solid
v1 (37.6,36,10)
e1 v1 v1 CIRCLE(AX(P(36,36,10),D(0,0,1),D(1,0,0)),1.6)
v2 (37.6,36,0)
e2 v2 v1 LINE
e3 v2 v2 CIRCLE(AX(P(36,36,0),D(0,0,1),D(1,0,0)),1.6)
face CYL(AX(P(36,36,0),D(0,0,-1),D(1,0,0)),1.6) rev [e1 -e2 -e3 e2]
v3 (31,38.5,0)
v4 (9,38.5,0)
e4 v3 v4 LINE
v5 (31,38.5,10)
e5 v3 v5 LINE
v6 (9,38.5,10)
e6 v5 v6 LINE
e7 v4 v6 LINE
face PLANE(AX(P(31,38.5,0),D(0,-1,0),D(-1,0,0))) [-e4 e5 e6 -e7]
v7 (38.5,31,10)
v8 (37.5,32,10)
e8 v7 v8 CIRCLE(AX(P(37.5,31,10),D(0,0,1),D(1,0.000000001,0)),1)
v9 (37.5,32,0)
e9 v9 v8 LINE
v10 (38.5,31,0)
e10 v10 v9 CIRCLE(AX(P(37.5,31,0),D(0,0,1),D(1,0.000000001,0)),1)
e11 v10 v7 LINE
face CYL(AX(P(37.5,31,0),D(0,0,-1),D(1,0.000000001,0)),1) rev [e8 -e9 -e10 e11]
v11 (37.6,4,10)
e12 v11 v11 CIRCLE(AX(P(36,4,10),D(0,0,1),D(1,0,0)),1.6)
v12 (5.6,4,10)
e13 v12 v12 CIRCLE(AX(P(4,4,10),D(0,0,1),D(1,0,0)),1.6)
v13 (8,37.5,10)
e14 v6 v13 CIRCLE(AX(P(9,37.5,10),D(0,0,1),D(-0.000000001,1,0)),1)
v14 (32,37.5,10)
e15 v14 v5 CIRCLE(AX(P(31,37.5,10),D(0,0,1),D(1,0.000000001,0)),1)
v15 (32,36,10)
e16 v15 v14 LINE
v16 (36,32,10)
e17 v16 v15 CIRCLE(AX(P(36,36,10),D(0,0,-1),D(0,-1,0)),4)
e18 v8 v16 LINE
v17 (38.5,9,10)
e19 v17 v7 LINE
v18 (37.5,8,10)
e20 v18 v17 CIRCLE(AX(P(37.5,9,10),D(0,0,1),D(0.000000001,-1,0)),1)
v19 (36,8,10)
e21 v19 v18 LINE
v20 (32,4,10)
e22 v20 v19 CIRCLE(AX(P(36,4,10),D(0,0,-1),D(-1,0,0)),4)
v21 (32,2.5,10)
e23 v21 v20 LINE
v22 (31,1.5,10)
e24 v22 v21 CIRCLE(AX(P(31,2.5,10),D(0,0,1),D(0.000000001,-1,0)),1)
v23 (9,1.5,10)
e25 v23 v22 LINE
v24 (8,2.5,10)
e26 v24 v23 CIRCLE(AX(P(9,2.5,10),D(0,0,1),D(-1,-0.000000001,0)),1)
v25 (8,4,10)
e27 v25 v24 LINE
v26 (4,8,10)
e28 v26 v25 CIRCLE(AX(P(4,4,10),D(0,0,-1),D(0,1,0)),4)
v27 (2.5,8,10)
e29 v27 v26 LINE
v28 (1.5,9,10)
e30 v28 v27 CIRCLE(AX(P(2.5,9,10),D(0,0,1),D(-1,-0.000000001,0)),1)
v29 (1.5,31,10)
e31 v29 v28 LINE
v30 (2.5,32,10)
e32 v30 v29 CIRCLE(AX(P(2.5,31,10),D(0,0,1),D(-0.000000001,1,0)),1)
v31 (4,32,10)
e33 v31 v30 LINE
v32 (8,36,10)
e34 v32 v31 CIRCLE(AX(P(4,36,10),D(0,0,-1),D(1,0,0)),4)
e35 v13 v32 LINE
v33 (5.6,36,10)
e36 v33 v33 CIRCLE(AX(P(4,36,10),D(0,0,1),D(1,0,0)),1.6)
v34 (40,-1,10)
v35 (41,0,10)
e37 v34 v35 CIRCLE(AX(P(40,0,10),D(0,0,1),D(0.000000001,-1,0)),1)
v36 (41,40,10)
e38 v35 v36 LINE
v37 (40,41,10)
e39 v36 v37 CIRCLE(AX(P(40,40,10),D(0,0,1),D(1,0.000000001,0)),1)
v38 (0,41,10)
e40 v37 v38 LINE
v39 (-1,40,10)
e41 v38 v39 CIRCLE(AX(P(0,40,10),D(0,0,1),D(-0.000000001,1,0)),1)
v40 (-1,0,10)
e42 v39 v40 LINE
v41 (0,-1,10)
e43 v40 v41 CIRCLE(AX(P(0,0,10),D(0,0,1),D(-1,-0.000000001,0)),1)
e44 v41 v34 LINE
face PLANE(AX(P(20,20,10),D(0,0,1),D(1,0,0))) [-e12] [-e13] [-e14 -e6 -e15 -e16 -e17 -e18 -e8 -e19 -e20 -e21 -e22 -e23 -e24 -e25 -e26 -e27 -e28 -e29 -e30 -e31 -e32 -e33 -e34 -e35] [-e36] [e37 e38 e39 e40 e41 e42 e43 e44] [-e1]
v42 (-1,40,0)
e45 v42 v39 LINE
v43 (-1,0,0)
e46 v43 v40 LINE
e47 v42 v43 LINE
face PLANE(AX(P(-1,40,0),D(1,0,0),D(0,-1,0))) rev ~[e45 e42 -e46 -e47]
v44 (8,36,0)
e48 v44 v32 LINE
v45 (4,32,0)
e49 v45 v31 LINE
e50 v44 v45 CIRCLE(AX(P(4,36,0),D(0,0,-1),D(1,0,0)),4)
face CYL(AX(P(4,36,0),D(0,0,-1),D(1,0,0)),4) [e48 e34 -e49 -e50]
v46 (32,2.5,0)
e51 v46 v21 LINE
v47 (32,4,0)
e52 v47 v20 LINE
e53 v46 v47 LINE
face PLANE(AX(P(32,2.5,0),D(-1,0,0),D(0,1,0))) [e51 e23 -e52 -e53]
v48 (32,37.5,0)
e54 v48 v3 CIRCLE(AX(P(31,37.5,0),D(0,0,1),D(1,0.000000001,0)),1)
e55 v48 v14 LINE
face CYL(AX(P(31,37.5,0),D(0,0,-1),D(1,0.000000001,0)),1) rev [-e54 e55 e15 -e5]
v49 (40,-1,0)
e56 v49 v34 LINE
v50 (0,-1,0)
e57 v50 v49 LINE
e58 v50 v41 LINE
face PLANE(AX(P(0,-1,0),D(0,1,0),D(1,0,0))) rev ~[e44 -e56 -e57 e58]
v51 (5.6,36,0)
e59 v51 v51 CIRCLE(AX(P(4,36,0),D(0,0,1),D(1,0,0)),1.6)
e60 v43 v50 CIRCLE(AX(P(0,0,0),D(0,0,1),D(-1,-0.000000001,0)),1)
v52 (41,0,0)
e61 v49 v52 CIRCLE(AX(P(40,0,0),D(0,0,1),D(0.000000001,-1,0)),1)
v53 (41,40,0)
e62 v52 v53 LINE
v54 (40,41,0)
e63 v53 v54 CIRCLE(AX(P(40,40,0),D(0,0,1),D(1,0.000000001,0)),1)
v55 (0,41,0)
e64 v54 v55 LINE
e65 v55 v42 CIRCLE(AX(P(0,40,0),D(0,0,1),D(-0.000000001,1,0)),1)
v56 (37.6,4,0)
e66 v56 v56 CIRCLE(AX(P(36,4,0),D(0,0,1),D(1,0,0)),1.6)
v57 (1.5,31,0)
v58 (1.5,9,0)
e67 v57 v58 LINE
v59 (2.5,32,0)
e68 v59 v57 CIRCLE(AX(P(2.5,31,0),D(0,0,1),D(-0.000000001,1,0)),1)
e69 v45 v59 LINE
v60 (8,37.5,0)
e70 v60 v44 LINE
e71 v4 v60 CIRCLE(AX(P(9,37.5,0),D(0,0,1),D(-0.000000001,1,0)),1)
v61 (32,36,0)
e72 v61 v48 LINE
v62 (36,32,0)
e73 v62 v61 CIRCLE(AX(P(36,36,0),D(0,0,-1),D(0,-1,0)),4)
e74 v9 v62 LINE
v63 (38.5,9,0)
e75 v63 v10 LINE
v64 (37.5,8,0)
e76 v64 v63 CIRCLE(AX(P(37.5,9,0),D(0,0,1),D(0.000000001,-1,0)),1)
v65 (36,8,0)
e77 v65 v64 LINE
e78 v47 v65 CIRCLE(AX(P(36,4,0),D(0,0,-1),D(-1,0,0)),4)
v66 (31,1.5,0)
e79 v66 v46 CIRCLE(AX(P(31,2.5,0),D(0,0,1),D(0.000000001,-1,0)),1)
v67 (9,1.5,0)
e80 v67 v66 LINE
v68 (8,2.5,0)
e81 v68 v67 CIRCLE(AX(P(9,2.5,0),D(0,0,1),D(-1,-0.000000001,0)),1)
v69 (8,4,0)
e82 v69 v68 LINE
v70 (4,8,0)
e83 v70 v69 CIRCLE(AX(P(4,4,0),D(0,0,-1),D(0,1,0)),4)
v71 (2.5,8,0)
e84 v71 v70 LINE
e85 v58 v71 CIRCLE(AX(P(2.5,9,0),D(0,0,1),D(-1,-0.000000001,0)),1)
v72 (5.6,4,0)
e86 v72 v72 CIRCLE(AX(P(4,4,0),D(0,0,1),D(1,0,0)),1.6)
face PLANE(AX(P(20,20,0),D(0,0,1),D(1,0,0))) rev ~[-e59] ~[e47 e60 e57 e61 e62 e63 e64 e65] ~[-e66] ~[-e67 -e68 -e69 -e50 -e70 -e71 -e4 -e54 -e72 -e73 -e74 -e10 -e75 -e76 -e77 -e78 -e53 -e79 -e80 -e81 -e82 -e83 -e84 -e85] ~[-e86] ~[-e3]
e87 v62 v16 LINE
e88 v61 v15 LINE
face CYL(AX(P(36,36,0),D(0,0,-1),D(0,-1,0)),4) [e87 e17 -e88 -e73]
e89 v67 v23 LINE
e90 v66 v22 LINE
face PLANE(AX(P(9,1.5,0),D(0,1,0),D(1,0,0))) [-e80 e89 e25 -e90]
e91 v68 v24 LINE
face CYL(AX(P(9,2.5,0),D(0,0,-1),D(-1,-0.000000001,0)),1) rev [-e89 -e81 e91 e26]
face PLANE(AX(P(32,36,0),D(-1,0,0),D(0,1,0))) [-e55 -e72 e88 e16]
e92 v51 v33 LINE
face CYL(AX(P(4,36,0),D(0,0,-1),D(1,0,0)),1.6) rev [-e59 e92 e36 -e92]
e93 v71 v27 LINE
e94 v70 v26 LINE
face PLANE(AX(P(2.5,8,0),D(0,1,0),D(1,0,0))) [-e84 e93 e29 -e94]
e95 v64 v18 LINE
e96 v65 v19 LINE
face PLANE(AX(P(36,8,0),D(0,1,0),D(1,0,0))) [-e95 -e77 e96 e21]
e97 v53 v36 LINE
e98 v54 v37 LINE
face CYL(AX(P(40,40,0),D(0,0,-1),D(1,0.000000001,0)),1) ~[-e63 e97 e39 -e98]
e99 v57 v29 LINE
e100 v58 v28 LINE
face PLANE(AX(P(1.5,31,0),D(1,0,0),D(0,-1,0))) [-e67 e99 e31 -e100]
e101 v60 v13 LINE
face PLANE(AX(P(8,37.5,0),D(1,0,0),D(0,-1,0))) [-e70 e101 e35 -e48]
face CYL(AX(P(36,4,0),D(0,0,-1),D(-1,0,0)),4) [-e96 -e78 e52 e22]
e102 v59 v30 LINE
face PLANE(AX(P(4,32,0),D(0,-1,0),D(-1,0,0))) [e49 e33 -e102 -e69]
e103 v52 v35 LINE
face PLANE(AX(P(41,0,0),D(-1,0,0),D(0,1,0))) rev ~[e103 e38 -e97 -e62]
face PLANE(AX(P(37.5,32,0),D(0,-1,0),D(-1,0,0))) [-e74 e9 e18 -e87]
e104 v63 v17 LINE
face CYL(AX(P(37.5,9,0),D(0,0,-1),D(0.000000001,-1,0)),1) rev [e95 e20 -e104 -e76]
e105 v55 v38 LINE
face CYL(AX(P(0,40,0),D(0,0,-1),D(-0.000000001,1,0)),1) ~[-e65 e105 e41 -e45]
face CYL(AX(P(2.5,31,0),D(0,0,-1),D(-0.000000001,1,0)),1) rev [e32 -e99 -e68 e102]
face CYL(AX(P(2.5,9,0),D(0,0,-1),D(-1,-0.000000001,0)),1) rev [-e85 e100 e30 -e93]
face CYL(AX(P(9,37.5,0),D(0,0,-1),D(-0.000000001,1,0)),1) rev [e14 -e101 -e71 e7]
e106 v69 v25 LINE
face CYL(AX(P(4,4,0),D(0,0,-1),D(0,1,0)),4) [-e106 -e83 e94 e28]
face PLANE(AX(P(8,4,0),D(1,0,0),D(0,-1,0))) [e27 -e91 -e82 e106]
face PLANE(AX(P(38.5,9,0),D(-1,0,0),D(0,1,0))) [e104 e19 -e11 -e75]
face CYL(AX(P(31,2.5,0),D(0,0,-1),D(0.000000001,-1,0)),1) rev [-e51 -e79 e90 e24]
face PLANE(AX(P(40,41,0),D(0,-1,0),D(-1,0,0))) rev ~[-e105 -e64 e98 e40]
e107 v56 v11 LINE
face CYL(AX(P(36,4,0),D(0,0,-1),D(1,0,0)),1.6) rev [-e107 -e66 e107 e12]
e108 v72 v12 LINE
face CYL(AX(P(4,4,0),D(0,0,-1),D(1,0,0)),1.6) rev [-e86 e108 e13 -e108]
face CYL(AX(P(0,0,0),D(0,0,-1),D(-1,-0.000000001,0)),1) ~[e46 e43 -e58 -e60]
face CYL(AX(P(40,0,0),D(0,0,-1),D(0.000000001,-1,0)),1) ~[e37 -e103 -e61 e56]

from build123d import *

# Parameters (mm, degrees)
SKETCH1_R           = 1.6
BOSS_EXTRUDE1_DEPTH = 10


with BuildPart() as part:
    # Sketch1 → Boss-Extrude1 (new body)
    with BuildSketch(Plane.XY):
        with BuildLine():
            Line((0, -1), (40, -1))
            ThreePointArc((40, -1), (40.707106781, -0.707106781), (41, 0))
            Line((41, 0), (41, 40))
            ThreePointArc((41, 40), (40.707106781, 40.707106781), (40, 41))
            Line((40, 41), (0, 41))
            ThreePointArc((0, 41), (-0.707106781, 40.707106781), (-1, 40))
            Line((-1, 40), (-1, 0))
            ThreePointArc((-1, 0), (-0.707106781, -0.707106781), (0, -1))
        make_face()
        with Locations((4, 36)):
            Circle(SKETCH1_R, mode=Mode.SUBTRACT)
        with Locations((36, 36)):
            Circle(SKETCH1_R, mode=Mode.SUBTRACT)
        with Locations((36, 4)):
            Circle(SKETCH1_R, mode=Mode.SUBTRACT)
        with Locations((4, 4)):
            Circle(SKETCH1_R, mode=Mode.SUBTRACT)
        with BuildLine():
            Line((36, 8), (37.5, 8))
            ThreePointArc((37.5, 8), (38.207106781, 8.292893219), (38.5, 9))
            Line((38.5, 9), (38.5, 31))
            ThreePointArc((38.5, 31), (38.207106781, 31.707106781), (37.5, 32))
            Line((37.5, 32), (36, 32))
            ThreePointArc((36, 32), (33.171572875, 33.171572875), (32, 36))
            Line((32, 36), (32, 37.5))
            ThreePointArc((32, 37.5), (31.707106781, 38.207106781), (31, 38.5))
            Line((31, 38.5), (9, 38.5))
            ThreePointArc((9, 38.5), (8.292893219, 38.207106781), (8, 37.5))
            Line((8, 37.5), (8, 36))
            ThreePointArc((8, 36), (6.828427125, 33.171572875), (4, 32))
            Line((4, 32), (2.5, 32))
            ThreePointArc((2.5, 32), (1.792893219, 31.707106781), (1.5, 31))
            Line((1.5, 31), (1.5, 9))
            ThreePointArc((1.5, 9), (1.792893219, 8.292893219), (2.5, 8))
            Line((2.5, 8), (4, 8))
            ThreePointArc((4, 8), (6.828427125, 6.828427125), (8, 4))
            Line((8, 4), (8, 2.5))
            ThreePointArc((8, 2.5), (8.292893219, 1.792893219), (9, 1.5))
            Line((9, 1.5), (31, 1.5))
            ThreePointArc((31, 1.5), (31.707106781, 1.792893219), (32, 2.5))
            Line((32, 2.5), (32, 4))
            ThreePointArc((32, 4), (33.171572875, 6.828427125), (36, 8))
        make_face(mode=Mode.SUBTRACT)
    extrude(amount=BOSS_EXTRUDE1_DEPTH)


solid = part.part
